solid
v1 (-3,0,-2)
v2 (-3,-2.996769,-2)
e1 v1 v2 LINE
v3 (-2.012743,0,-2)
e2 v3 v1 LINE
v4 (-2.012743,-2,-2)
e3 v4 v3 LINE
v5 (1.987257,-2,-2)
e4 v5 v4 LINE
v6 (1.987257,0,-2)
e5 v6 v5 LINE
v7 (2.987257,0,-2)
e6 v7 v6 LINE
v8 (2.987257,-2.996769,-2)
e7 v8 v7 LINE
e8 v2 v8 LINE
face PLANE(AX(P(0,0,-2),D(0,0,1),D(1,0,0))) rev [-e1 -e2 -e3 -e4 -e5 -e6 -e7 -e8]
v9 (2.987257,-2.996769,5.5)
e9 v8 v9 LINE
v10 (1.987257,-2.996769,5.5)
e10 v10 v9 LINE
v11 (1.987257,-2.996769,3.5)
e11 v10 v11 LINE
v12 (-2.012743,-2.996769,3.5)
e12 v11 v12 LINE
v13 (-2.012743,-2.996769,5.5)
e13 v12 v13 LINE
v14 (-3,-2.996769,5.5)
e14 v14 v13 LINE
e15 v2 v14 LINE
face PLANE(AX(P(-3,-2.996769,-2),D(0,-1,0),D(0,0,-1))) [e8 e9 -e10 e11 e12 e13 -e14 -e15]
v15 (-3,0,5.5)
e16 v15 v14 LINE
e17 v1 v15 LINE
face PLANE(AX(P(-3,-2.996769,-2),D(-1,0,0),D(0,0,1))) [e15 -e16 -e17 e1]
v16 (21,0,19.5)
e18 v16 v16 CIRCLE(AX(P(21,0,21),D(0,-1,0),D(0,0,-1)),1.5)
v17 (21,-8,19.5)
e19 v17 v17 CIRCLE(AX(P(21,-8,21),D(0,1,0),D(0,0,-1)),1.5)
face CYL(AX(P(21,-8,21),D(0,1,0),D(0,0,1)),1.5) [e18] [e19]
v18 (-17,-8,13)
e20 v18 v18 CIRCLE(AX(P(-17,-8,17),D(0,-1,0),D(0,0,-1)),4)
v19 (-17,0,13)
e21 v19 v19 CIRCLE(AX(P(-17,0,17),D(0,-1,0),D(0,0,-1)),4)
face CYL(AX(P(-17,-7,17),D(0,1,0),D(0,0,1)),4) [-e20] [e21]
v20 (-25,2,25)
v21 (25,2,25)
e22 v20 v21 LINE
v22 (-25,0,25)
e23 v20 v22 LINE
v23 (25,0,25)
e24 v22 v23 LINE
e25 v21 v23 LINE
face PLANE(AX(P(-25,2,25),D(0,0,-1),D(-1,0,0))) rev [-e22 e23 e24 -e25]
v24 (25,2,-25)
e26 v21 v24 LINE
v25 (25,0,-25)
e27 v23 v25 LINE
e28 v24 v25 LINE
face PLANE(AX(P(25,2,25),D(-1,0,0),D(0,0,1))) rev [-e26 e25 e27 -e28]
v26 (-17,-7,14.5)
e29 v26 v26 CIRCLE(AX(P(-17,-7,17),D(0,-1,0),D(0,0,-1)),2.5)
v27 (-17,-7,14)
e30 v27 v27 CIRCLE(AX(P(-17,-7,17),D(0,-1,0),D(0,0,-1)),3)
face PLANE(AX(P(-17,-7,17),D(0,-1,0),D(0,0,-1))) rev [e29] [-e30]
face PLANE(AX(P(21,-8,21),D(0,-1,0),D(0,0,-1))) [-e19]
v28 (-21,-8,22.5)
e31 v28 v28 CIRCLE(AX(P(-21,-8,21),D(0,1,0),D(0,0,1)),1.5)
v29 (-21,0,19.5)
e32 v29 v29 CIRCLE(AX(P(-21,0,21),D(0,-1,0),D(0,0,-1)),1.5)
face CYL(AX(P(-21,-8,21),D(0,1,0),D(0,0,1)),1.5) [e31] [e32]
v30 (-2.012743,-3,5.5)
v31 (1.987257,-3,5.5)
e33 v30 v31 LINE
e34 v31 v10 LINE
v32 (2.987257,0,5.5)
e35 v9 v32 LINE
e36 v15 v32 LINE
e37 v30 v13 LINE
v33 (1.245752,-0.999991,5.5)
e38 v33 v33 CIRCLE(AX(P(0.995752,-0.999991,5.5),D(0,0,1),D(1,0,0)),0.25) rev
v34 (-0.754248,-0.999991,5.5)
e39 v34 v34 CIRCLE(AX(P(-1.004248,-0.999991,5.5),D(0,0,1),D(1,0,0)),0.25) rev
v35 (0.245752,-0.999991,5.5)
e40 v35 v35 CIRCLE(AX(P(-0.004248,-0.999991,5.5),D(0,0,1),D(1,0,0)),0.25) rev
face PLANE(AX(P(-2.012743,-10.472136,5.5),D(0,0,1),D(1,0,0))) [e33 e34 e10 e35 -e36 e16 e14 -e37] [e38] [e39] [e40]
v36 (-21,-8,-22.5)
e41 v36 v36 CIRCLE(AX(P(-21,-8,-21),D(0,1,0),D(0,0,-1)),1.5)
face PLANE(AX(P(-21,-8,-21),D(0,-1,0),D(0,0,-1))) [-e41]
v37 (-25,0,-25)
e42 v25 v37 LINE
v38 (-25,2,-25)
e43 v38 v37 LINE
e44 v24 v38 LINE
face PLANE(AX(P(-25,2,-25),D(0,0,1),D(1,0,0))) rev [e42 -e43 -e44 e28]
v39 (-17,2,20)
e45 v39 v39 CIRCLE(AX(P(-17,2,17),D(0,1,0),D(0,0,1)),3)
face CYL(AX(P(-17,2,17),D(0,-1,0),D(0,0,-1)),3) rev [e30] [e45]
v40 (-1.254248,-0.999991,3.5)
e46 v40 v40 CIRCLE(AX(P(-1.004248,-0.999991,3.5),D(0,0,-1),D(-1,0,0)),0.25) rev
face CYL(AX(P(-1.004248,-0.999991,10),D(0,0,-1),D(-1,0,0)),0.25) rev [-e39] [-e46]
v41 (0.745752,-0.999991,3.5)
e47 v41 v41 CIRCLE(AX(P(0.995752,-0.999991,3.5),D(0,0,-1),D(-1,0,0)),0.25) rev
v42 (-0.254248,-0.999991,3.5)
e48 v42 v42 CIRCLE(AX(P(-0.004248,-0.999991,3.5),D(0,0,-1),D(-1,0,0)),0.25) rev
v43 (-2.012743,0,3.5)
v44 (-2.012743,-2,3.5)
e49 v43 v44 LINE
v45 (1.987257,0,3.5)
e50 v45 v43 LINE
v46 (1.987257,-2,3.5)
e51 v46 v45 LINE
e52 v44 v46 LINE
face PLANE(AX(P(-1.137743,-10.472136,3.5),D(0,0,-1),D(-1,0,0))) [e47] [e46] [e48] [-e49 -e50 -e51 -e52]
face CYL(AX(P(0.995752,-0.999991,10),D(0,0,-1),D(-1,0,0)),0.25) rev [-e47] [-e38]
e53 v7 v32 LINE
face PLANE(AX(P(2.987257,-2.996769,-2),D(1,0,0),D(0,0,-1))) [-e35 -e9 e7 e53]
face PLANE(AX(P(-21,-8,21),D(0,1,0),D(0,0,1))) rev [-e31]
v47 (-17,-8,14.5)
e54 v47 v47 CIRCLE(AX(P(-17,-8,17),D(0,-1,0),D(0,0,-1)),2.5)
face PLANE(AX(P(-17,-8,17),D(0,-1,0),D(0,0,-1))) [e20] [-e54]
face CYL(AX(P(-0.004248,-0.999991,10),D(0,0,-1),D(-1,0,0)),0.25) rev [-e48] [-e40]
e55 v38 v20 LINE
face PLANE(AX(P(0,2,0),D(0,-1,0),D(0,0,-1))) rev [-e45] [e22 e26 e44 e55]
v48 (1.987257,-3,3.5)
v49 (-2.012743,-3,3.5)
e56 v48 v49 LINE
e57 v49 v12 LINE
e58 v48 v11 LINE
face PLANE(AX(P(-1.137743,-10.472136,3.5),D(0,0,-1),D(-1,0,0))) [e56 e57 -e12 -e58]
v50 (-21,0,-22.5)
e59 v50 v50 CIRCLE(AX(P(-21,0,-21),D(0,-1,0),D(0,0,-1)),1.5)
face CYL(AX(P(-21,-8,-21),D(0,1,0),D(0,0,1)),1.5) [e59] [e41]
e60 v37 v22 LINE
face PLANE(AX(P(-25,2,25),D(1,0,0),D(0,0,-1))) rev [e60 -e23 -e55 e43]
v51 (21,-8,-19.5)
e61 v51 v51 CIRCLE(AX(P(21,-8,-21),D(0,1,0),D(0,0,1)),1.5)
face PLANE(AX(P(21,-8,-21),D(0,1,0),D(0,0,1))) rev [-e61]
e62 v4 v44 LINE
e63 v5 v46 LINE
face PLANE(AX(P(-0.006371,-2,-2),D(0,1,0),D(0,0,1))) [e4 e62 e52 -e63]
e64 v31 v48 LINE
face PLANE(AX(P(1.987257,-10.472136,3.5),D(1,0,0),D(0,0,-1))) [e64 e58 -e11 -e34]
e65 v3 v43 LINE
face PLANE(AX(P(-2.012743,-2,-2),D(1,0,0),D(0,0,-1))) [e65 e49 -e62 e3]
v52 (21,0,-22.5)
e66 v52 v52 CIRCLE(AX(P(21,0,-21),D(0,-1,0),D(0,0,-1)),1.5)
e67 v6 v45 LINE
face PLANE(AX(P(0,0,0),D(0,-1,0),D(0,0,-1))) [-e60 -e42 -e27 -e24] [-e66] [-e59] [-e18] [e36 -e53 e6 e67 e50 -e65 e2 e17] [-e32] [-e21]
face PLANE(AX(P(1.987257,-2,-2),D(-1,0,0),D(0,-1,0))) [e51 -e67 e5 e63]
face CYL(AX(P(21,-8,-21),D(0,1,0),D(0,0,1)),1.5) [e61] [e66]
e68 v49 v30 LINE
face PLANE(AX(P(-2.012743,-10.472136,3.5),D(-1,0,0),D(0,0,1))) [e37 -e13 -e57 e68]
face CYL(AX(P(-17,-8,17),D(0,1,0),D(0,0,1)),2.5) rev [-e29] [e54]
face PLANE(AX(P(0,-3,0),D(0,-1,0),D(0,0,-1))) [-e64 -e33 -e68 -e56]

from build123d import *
from build123d.topology import SkipClean

# Parameters (mm, degrees)
SKETCH1_W           = 50
SKETCH1_H           = 50
TOP_DEPTH           = 2
CONNECTER_DEPTH     = 3
SKETCH3_R           = 0.25
CONNECTER_CUT_DEPTH = 10
BRACE_DEPTH         = 5.5
BRACE_DEPTH_BACK    = 2
SKETCH6_R           = 3
LED_CUTOUT_DEPTH    = 2
LED_START           = 7
SKETCH7_R           = 4
SKETCH7_R_2         = 3
LED_COVER_DEPTH     = 7
LED_START_2         = 8
SKETCH8_R           = 4
SKETCH8_R_2         = 2.5
LED_FASTENER_DEPTH  = 1
SKETCH9_R           = 1.5
DOWEL_JOINTS_DEPTH  = 8


with BuildPart() as part:
    # Sketch1 → Top (new body)
    with BuildSketch(Plane(origin=(0, 0, 0), x_dir=(1, 0, 0), z_dir=(0, 1, 0))):
        Rectangle(SKETCH1_W, SKETCH1_H)
    extrude(amount=TOP_DEPTH)

    # Sketch2 → Connecter (add)
    with BuildSketch(Plane(origin=(0, 0, 0), x_dir=(1, 0, 0), z_dir=(0, 1, 0))):
        Polygon((-0.522021456, -3.5), (0.496536082, -3.5), (1.112257313, -3.5), (1.987257313, -3.5), (1.987257313, -5.5), (-2.012742687, -5.5), (-2.012742687, -3.5), (-1.137742687, -3.5), align=None)
    extrude(amount=-CONNECTER_DEPTH)

    # Sketch3 → Connecter Cut (cut)
    with BuildSketch(Plane.XY):
        with Locations(Location((-0.004247524, -0.999990979, 0), (0, 0, 180))):
            Circle(SKETCH3_R)
        with Locations(Location((-1.004247524, -0.999990979, 0), (0, 0, 180))):
            Circle(SKETCH3_R)
        with Locations(Location((0.995752476, -0.999990979, 0), (0, 0, 180))):
            Circle(SKETCH3_R)
    extrude(amount=CONNECTER_CUT_DEPTH, mode=Mode.SUBTRACT)

    # Sketch5 → Brace (add, two sides: drawn at the far end of the back side and taken through both)
    with BuildSketch(Plane.XY.offset(-BRACE_DEPTH_BACK)):
        Polygon((2.987257313, 0), (1.987257313, 0), (1.987257313, -2), (-0.006371344, -2), (-2.012742687, -2), (-2.012742687, 0), (-3, 0), (-3, -2.996768929), (2.987257313, -2.996768929), align=None)
    extrude(amount=BRACE_DEPTH + BRACE_DEPTH_BACK)

    # Sketch6 → LED Cutout (cut)
    with BuildSketch(Plane(origin=(0, 0, 0), x_dir=(1, 0, 0), z_dir=(0, 1, 0))):
        with Locations(Location((-17, -17, 0), (0, 0, 270))):
            Circle(SKETCH6_R)
    extrude(amount=LED_CUTOUT_DEPTH, mode=Mode.SUBTRACT)

    # Sketch7 → LED Cover (add)
    with SkipClean():  # the faces are left unmerged after this step: merging them gives an invalid solid
        with BuildSketch(Plane.XZ.offset(LED_START)):
            with Locations(Location((-17, 17, 0), (0, 0, 270))):
                Circle(SKETCH7_R)
            with Locations(Location((-17, 17, 0), (0, 0, 270))):
                Circle(SKETCH7_R_2, mode=Mode.SUBTRACT)
        extrude(amount=-LED_COVER_DEPTH)

    # Sketch8 → LED Fastener (add)
    with SkipClean():  # the faces are left unmerged after this step: merging them gives an invalid solid
        with BuildSketch(Plane.XZ.offset(LED_START_2)):
            with Locations(Location((-17, 17, 0), (0, 0, 270))):
                Circle(SKETCH8_R)
            with Locations(Location((-17, 17, 0), (0, 0, 270))):
                Circle(SKETCH8_R_2, mode=Mode.SUBTRACT)
        extrude(amount=-LED_FASTENER_DEPTH)

    # Sketch9 → Dowel Joints (add)
    with SkipClean():  # the faces are left unmerged after this step: merging them gives an invalid solid
        with BuildSketch(Plane(origin=(0, 0, 0), x_dir=(1, 0, 0), z_dir=(0, 1, 0))):
            with Locations(Location((-21, -21, 0), (0, 0, 270))):
                Circle(SKETCH9_R)
            with Locations(Location((21, -21, 0), (0, 0, 90))):
                Circle(SKETCH9_R)
            with Locations(Location((21, 21, 0), (0, 0, 270))):
                Circle(SKETCH9_R)
            with Locations(Location((-21, 21, 0), (0, 0, 90))):
                Circle(SKETCH9_R)
        extrude(amount=-DOWEL_JOINTS_DEPTH)


solid = part.part
